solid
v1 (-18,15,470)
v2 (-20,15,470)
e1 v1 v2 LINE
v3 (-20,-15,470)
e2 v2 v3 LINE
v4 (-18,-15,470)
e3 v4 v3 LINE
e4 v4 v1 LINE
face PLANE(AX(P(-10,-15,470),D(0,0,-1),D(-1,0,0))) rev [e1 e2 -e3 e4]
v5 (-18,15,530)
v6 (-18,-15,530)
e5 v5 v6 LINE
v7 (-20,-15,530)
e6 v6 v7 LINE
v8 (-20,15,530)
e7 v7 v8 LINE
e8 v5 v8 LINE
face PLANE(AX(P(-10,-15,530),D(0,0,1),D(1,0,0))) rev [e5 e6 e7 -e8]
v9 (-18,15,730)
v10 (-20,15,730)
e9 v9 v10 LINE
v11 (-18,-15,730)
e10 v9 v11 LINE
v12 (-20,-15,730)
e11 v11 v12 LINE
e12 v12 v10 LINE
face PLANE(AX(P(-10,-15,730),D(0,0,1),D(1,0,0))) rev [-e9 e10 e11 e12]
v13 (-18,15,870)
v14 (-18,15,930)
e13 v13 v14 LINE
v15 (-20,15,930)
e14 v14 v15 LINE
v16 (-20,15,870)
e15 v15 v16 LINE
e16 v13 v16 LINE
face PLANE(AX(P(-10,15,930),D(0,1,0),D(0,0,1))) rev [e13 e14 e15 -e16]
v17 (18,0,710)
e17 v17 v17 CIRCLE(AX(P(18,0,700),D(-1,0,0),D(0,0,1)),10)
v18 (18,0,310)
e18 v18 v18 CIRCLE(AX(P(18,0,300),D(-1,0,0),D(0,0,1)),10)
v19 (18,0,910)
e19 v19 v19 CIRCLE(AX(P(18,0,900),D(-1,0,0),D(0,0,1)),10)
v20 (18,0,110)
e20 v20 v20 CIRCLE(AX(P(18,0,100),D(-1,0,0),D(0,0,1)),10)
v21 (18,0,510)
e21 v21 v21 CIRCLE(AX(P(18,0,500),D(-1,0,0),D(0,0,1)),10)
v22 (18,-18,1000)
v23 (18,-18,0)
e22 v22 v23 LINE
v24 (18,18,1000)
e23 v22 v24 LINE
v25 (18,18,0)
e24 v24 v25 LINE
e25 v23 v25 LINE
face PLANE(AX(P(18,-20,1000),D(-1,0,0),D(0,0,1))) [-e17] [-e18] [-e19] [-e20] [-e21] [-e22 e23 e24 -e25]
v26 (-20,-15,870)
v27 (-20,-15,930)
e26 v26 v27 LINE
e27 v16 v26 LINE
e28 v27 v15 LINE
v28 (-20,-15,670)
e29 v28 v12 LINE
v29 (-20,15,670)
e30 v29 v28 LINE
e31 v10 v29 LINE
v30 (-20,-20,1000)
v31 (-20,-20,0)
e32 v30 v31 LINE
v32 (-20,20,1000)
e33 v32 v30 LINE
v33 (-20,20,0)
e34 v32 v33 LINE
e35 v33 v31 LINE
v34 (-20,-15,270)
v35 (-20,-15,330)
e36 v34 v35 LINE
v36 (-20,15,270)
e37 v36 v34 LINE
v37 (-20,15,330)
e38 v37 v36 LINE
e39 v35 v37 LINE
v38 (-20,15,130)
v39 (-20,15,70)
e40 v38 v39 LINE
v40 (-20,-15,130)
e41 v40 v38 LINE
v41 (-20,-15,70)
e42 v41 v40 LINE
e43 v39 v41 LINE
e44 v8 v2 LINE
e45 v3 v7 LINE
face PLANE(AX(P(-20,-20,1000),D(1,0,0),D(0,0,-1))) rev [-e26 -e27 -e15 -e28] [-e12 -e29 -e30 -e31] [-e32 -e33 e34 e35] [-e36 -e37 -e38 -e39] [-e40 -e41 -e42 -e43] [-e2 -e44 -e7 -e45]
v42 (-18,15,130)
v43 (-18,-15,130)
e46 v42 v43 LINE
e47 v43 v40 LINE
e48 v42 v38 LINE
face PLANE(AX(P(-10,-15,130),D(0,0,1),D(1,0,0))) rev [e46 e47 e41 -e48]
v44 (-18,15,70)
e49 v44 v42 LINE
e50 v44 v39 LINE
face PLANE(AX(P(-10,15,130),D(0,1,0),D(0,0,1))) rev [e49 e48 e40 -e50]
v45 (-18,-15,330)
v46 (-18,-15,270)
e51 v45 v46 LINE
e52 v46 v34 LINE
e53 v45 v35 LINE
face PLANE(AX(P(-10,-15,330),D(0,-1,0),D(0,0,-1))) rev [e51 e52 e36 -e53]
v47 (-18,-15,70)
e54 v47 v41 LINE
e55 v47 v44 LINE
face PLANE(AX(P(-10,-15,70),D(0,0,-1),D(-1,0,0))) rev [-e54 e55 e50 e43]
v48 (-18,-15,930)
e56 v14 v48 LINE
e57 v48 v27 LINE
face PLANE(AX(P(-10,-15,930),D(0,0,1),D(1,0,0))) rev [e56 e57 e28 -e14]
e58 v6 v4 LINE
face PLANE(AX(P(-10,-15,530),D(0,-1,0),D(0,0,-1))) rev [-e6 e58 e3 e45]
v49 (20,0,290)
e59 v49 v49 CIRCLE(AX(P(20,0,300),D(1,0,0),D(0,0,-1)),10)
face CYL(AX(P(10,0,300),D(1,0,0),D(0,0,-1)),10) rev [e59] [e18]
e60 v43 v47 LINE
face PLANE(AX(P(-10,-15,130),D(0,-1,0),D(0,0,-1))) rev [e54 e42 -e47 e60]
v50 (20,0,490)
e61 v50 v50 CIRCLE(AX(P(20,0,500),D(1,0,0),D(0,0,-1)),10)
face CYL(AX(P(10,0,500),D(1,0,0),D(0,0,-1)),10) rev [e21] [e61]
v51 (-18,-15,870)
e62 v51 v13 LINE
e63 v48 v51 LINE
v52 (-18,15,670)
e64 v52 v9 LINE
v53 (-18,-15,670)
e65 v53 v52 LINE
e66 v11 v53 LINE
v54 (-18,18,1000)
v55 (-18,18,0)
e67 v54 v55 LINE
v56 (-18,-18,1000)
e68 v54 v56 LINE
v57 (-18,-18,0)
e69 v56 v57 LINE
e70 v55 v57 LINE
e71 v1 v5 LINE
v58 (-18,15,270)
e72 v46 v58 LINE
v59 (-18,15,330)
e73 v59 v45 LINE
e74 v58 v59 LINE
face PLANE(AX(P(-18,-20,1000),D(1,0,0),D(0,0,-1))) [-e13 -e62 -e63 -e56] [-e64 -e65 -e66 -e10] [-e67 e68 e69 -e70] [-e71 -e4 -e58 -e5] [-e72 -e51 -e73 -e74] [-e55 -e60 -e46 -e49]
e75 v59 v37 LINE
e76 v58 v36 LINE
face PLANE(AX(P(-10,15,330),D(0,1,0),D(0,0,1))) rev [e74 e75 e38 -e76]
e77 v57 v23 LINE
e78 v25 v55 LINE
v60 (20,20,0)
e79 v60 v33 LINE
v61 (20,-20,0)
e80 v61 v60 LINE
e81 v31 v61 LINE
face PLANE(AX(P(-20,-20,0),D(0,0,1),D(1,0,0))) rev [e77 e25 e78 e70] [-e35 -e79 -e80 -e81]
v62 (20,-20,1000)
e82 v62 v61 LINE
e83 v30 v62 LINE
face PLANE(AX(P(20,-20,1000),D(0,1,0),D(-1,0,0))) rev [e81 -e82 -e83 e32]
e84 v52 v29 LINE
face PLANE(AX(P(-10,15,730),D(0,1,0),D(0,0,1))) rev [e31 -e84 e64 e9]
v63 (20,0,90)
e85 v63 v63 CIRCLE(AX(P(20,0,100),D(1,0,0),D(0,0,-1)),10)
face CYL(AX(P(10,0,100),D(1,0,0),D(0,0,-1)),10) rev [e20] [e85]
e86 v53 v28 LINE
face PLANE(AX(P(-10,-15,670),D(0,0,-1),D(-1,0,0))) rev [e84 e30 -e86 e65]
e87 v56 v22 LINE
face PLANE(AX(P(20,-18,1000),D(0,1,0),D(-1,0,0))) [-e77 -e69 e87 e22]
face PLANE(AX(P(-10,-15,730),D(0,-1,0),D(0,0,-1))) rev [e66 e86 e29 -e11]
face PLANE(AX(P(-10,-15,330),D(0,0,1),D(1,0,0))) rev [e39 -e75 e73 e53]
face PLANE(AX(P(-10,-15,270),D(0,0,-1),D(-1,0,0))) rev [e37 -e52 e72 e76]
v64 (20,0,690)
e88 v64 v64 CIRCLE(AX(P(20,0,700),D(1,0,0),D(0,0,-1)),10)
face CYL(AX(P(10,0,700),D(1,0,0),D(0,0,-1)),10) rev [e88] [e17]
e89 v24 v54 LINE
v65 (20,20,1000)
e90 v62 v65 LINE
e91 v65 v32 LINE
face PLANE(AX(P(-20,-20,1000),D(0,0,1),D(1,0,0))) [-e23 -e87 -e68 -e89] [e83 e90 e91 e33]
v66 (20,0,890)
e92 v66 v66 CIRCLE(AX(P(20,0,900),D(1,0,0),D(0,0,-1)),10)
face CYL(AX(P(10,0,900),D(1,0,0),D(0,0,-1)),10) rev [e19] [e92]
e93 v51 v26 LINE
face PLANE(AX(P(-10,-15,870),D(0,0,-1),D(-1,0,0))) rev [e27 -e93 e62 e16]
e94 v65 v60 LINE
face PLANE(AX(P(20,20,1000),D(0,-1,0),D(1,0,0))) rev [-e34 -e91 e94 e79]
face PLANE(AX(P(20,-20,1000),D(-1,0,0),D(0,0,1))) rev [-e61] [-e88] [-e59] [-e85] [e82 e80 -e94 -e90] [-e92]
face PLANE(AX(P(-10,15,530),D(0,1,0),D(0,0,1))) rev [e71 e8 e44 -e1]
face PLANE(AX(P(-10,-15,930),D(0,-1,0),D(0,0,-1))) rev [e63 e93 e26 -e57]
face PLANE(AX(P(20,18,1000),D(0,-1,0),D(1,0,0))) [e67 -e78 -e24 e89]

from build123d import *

# Parameters (mm, degrees)
CROQUIS1_W            = 40
CROQUIS1_H            = 40
CROQUIS1_W_2          = 36
CROQUIS1_H_2          = 36
EXTRUIR_L_MINA1_DEPTH = 1000
CROQUIS2_R            = 10
EXTRUIR1_DEPTH        = 10
CROQUIS3_W            = 60
CROQUIS3_H            = 30
EXTRUIR2_DEPTH        = 10


with BuildPart() as part:
    # Croquis1 → Extruir-Lámina1 (new body)
    with BuildSketch(Plane.XY):
        Rectangle(CROQUIS1_W, CROQUIS1_H)
        Rectangle(CROQUIS1_W_2, CROQUIS1_H_2, mode=Mode.SUBTRACT)
    extrude(amount=EXTRUIR_L_MINA1_DEPTH)

    # Croquis2 → Extruir1 (cut)
    with BuildSketch(Plane(origin=(20, 0, 0), x_dir=(0, 0, -1), z_dir=(1, 0, 0))):
        with Locations((-500, 0)):
            Circle(CROQUIS2_R)
        with Locations((-300, 0)):
            Circle(CROQUIS2_R)
        with Locations((-100, 0)):
            Circle(CROQUIS2_R)
        with Locations((-700, 0)):
            Circle(CROQUIS2_R)
        with Locations((-900, 0)):
            Circle(CROQUIS2_R)
    extrude(amount=-EXTRUIR1_DEPTH, mode=Mode.SUBTRACT)

    # Croquis3 → Extruir2 (cut)
    with BuildSketch(Plane.ZY.offset(20)):
        with Locations((100, 0)):
            Rectangle(CROQUIS3_W, CROQUIS3_H)
        with Locations((300, 0)):
            Rectangle(CROQUIS3_W, CROQUIS3_H)
        with Locations((500, 0)):
            Rectangle(CROQUIS3_W, CROQUIS3_H)
        with Locations((700, 0)):
            Rectangle(CROQUIS3_W, CROQUIS3_H)
        with Locations((900, 0)):
            Rectangle(CROQUIS3_W, CROQUIS3_H)
    extrude(amount=-EXTRUIR2_DEPTH, mode=Mode.SUBTRACT)


solid = part.part
